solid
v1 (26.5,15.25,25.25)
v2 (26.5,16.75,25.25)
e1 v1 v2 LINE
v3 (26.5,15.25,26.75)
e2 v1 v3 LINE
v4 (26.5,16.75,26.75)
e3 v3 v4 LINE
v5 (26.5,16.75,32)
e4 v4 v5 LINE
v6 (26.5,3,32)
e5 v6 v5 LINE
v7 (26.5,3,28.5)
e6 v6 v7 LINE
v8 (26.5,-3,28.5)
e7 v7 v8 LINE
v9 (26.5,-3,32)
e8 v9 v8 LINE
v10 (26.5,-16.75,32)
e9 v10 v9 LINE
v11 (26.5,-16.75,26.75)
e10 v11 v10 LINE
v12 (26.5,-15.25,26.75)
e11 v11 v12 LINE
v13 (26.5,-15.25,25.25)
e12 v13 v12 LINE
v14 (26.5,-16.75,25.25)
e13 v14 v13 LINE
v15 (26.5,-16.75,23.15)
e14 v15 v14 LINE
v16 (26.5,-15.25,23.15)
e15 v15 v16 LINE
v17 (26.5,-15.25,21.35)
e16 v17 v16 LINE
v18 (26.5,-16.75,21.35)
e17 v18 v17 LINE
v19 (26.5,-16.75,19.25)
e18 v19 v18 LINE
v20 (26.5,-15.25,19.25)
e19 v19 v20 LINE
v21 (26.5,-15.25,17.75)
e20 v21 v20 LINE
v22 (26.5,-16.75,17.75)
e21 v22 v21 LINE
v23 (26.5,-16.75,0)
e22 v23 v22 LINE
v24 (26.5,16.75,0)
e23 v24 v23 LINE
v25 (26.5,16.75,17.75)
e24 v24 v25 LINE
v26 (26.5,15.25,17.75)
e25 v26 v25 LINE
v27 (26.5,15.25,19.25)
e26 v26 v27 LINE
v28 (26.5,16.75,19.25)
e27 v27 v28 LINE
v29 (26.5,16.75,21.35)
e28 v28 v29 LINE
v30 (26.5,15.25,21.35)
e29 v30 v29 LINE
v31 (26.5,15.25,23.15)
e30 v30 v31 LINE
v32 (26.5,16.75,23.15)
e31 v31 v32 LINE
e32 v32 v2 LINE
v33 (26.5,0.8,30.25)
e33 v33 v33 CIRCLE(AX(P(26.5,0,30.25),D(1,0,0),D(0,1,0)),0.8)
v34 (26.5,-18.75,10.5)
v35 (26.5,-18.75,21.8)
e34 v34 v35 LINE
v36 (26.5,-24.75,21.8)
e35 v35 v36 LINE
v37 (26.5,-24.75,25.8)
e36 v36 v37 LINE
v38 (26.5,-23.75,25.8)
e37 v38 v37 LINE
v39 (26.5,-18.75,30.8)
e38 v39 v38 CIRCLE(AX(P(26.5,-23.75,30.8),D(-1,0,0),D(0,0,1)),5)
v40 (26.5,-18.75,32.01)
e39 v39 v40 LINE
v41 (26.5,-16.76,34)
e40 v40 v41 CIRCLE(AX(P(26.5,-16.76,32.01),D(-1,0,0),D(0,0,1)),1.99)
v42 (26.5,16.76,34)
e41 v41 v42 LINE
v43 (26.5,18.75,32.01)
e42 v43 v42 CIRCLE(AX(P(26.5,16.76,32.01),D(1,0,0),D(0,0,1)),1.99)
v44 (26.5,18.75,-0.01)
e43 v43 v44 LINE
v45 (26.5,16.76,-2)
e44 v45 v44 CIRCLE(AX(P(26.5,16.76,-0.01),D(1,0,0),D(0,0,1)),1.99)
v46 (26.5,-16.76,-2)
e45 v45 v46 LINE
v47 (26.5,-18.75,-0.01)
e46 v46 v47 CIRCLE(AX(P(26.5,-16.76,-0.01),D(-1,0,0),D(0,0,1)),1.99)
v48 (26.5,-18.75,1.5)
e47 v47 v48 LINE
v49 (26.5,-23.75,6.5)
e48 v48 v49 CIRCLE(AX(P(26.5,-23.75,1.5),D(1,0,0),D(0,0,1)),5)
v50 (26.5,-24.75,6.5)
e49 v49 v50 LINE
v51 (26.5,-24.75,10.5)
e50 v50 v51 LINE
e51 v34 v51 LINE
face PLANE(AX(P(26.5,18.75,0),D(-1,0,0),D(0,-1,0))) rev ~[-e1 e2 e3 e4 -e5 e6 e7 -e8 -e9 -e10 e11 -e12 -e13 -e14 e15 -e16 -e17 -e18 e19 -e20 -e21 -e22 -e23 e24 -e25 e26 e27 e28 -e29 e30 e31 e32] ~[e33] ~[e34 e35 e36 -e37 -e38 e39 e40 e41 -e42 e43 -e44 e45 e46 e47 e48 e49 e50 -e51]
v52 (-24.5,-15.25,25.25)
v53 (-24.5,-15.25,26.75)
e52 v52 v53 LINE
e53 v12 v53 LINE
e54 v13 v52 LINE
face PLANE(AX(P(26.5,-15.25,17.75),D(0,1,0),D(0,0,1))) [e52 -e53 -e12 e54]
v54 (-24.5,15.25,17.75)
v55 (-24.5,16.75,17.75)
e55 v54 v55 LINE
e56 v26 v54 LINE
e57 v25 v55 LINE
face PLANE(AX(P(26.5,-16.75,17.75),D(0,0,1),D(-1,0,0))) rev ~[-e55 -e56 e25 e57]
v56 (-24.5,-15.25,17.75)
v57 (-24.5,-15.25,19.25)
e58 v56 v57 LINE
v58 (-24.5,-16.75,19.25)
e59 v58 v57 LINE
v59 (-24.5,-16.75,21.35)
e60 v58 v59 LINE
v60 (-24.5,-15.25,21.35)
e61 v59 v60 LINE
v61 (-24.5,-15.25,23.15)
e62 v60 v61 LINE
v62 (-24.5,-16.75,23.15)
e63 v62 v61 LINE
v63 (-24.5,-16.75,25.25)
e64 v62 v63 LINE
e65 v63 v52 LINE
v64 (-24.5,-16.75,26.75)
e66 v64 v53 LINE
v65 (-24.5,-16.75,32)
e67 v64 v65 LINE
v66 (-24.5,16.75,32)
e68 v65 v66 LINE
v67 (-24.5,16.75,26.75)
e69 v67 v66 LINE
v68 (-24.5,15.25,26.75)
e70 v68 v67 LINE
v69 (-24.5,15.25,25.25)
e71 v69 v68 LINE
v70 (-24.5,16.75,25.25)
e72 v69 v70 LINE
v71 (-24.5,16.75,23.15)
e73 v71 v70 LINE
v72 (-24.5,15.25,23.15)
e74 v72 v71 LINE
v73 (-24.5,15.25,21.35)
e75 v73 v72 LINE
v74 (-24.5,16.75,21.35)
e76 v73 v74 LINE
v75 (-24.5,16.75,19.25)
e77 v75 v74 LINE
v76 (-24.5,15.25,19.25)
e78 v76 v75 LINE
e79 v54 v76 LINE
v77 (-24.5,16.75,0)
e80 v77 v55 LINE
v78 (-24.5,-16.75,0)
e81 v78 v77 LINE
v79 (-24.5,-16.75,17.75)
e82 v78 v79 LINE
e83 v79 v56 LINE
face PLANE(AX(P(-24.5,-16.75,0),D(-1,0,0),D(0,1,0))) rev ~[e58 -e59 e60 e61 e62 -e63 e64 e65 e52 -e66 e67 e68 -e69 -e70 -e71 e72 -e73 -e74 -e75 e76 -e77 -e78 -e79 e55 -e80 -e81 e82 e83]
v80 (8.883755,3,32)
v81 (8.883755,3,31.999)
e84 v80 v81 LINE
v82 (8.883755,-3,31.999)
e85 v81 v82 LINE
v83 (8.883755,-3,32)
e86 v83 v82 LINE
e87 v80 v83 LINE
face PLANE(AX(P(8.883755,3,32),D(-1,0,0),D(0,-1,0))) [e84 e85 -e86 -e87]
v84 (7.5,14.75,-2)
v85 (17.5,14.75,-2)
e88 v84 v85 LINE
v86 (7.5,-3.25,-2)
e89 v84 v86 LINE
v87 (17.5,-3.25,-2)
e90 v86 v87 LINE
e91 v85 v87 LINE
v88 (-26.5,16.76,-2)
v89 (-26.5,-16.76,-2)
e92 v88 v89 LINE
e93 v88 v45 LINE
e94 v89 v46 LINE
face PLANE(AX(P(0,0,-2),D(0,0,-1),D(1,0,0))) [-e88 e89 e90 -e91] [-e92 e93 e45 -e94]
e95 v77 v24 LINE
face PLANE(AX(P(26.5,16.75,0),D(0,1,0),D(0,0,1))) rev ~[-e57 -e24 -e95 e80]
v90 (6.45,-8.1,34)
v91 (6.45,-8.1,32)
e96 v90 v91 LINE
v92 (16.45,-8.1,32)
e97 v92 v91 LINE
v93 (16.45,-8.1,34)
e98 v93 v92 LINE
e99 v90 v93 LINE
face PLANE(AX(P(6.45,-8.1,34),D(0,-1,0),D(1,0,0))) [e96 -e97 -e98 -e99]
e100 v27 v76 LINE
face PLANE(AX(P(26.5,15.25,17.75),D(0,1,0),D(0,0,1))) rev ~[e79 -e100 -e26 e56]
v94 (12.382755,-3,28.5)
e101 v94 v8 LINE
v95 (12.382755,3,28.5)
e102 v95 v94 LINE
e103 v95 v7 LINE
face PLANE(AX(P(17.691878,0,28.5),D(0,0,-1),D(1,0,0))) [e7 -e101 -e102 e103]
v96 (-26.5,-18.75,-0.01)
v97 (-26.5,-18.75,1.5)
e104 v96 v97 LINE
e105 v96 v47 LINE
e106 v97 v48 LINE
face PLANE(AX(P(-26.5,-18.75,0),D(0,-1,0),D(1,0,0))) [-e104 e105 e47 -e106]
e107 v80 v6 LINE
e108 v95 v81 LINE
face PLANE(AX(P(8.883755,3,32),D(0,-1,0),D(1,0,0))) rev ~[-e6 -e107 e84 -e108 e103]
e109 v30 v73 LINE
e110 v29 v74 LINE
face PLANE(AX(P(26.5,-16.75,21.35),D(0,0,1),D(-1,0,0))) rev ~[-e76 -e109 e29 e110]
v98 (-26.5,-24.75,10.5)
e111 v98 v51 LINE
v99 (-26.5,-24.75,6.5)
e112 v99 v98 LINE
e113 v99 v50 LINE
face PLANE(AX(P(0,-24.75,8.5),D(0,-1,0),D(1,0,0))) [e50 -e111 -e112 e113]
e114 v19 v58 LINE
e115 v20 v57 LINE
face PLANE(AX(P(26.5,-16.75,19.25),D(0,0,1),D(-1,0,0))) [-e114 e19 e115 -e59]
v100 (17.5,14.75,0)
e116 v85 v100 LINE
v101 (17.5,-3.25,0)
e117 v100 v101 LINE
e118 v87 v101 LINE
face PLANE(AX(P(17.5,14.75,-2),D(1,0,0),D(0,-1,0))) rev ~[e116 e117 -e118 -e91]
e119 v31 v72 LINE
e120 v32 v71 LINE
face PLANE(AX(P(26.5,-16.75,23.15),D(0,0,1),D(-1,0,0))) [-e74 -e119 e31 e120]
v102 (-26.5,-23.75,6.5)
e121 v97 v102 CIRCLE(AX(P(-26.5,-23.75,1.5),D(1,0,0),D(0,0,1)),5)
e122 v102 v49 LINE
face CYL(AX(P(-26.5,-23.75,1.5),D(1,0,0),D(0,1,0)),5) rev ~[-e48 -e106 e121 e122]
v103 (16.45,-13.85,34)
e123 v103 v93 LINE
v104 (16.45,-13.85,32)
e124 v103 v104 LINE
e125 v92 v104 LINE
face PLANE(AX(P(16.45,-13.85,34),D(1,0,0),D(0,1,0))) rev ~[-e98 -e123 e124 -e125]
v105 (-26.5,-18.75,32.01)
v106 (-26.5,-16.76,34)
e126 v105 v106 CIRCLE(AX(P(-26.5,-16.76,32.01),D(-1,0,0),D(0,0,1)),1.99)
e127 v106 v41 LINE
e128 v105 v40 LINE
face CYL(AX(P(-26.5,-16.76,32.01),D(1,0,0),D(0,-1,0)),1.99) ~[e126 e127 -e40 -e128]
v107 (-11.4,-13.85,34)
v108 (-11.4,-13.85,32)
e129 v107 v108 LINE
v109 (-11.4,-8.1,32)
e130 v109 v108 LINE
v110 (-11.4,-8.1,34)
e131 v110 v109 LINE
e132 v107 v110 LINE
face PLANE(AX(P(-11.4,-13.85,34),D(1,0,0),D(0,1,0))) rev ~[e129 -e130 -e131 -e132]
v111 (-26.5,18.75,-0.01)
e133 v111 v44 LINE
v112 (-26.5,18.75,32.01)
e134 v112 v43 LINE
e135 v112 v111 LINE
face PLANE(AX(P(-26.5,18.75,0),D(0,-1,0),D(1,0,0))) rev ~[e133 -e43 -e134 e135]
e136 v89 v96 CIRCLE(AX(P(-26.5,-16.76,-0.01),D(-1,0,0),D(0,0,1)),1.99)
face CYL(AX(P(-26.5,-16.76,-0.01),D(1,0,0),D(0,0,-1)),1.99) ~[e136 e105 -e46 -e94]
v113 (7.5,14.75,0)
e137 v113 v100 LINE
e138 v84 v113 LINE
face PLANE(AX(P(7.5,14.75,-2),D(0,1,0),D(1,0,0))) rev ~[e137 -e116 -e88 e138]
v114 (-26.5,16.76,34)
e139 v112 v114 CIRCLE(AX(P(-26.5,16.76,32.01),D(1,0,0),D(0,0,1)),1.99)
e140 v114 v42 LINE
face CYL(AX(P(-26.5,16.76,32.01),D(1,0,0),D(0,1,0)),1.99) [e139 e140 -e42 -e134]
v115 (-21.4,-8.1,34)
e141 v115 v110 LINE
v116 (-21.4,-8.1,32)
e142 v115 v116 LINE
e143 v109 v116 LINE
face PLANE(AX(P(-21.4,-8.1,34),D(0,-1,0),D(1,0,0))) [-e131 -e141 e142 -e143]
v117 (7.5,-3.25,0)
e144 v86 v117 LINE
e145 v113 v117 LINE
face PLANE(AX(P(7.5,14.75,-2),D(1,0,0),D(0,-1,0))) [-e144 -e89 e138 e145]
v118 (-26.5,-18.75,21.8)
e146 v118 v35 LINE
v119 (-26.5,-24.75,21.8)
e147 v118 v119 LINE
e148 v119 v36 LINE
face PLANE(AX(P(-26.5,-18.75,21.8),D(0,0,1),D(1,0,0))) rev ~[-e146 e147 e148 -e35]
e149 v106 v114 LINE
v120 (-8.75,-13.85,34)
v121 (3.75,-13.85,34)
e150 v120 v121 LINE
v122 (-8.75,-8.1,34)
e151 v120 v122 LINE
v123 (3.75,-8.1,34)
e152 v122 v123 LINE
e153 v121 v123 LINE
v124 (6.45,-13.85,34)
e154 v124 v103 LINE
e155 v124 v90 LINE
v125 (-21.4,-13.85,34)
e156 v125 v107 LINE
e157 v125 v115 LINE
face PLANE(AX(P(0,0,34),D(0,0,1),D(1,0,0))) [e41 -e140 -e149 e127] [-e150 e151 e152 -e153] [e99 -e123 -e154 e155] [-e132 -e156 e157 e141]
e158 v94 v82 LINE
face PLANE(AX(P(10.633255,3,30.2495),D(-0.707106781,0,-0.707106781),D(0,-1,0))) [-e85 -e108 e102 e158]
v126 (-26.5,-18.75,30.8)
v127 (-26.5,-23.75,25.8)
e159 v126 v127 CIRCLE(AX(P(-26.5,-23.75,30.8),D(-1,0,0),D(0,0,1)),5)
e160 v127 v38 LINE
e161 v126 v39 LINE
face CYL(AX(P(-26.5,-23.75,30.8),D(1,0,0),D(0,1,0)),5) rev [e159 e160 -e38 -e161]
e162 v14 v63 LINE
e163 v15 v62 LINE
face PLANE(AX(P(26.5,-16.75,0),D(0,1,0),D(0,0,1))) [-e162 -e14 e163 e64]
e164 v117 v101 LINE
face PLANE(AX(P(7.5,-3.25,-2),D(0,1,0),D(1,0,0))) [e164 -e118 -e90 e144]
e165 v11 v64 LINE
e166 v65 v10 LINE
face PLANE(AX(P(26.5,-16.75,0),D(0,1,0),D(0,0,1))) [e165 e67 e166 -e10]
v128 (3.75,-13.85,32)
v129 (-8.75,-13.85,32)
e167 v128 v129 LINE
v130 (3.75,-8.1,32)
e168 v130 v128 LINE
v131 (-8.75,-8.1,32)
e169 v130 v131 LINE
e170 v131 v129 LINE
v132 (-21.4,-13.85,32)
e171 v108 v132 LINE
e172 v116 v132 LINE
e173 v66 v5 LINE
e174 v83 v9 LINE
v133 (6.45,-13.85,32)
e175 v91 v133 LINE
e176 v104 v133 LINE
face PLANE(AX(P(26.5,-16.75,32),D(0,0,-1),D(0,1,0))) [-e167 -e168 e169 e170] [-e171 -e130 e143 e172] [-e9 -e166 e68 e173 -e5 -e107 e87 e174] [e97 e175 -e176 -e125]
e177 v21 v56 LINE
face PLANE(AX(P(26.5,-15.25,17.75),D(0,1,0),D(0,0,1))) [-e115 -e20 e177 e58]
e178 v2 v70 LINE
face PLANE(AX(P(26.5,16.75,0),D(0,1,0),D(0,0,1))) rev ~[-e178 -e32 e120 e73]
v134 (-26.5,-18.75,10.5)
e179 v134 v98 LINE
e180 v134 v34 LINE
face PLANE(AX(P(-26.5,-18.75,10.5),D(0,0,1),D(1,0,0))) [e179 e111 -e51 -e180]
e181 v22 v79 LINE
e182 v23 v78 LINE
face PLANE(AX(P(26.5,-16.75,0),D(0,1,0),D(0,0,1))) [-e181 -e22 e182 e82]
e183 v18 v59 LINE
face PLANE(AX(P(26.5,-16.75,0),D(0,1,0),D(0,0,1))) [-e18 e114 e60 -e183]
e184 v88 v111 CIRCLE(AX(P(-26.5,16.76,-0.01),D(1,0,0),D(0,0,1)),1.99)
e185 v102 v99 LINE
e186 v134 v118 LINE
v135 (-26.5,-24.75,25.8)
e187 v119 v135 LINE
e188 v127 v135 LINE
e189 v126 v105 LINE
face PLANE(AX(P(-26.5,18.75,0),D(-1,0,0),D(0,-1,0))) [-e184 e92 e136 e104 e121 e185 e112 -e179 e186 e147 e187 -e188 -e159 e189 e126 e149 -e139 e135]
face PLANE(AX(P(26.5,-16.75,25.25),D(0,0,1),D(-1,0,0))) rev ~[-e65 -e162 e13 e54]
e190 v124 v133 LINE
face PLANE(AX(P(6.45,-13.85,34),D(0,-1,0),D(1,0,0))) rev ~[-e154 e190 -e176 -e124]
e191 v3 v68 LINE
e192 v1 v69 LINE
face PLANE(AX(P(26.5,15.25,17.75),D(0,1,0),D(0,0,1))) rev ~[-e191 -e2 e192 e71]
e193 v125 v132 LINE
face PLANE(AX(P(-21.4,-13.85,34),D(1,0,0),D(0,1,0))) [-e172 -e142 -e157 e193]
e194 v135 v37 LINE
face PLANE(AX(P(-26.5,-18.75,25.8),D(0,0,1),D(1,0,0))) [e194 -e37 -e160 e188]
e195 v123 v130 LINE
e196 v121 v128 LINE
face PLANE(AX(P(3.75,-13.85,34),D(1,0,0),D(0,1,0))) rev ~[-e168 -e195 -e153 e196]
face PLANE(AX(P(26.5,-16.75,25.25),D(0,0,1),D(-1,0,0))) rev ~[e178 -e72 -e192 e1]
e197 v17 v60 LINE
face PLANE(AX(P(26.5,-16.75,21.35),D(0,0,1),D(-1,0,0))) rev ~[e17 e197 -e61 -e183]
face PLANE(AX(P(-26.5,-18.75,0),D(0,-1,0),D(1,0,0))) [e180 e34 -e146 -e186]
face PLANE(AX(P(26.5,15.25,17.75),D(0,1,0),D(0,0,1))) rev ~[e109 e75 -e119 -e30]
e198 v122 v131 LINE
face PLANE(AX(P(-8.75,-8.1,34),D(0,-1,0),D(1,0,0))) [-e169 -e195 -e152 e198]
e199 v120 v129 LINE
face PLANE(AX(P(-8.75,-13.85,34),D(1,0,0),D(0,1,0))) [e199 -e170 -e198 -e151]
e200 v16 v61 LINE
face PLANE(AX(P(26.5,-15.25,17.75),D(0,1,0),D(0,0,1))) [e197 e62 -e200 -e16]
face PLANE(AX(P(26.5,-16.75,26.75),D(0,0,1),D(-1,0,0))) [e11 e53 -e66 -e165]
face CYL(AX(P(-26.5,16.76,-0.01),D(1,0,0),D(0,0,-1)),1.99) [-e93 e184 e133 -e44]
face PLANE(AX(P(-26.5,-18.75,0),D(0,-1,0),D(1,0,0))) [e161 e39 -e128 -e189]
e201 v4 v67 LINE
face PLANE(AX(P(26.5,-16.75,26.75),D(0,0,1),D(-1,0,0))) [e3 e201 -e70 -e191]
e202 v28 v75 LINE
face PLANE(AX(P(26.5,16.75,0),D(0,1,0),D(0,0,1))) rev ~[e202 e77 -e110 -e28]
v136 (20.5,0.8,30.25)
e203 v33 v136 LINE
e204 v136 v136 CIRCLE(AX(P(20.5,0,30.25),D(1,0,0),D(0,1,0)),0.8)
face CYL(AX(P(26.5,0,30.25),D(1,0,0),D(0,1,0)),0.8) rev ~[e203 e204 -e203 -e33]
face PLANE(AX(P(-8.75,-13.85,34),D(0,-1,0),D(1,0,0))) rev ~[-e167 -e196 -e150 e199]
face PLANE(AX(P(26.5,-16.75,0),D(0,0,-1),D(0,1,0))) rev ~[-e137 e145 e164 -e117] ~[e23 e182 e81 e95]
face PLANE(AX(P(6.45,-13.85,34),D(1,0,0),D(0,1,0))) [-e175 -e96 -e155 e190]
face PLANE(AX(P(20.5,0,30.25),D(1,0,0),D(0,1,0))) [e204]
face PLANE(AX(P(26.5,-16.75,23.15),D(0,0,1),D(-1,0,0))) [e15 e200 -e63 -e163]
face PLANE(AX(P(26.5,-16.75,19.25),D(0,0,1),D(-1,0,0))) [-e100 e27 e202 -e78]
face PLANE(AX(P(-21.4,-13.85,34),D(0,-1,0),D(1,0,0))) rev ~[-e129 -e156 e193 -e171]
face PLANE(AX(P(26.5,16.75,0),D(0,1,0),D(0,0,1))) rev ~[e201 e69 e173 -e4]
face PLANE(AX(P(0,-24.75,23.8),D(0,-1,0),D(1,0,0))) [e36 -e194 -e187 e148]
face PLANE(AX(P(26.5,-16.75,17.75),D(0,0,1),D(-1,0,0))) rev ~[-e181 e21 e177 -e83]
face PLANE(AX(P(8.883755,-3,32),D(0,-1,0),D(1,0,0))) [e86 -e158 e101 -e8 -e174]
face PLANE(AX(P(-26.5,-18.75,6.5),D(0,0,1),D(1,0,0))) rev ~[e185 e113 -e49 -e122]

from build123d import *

# Parameters (mm, degrees)
SKETCH_W        = 53
SKETCH_H        = 37.5
SKETCH_W_2      = 49
SKETCH_H_2      = 33.5
PAD_DEPTH       = 32
SKETCH001_W     = 53
SKETCH001_H     = 37.5
PAD001_DEPTH    = 2
SKETCH002_W     = 53
SKETCH002_H     = 37.5
PAD002_DEPTH    = 2
SKETCH003_W     = 33.5
SKETCH003_H     = 32
POCKET_DEPTH    = 2
SKETCH004_W     = 10
SKETCH004_H     = 5.75
SKETCH004_W_2   = 12.5
SKETCH004_W_3   = 9.9999999999
POCKET001_DEPTH = 5
SKETCH005_W     = 51
SKETCH005_H     = 1.8
SKETCH005_H_2   = 1.5
PAD003_DEPTH    = 33.5
SKETCH006_W     = 30.5
SKETCH006_H     = 9
POCKET002_DEPTH = 51
SKETCH007_W     = 17.616245
SKETCH007_H     = 6
PAD004_DEPTH    = 5
SKETCH008_R     = 0.8
POCKET003_DEPTH = 5
SKETCH009_W     = 17.616245
SKETCH009_H     = 6
PAD005_DEPTH    = 3.5
SKETCH010_R     = 0.8
POCKET004_DEPTH = 6
CHAMFER_SIZE    = 3.499
CHAMFER001_SIZE = 4.99
FILLET_R        = 1.99
SKETCH012_W     = 53
SKETCH012_H     = 4
PAD006_DEPTH    = 6
FILLET001_R     = 5
SKETCH013_W     = 6
SKETCH013_H     = 5
POCKET005_DEPTH = 20
SKETCH014_W     = 10
SKETCH014_H     = 18
POCKET006_DEPTH = 5


with BuildPart() as part:
    # Sketch → Pad (new body)
    with BuildSketch(Plane.XY):
        Rectangle(SKETCH_W, SKETCH_H)
        Rectangle(SKETCH_W_2, SKETCH_H_2, mode=Mode.SUBTRACT)
    extrude(amount=PAD_DEPTH)

    # Sketch001 (on Face10 of Pad) → Pad001 (join)
    with BuildSketch(Plane.XY.offset(32)):
        Rectangle(SKETCH001_W, SKETCH001_H)
    extrude(amount=PAD001_DEPTH)

    # Sketch002 (on Face4 of Pad001) → Pad002 (join)
    with BuildSketch(Plane(origin=(0, 0, 0), x_dir=(1, 0, 0), z_dir=(0, 0, -1))):
        Rectangle(SKETCH002_W, SKETCH002_H)
    extrude(amount=PAD002_DEPTH)

    # Sketch003 (on Face3 of Pad002) → Pocket (cut)
    with BuildSketch(Plane.YZ.offset(26.5)):
        with Locations((0, 16)):
            Rectangle(SKETCH003_W, SKETCH003_H)
    extrude(amount=-POCKET_DEPTH, mode=Mode.SUBTRACT)

    # Sketch004 (on Face13 of Pocket) → Pocket001 (cut)
    with BuildSketch(Plane.XY.offset(34)):
        with Locations((-16.4, -10.975)):
            Rectangle(SKETCH004_W, SKETCH004_H)
        with Locations((-2.5, -10.975)):
            Rectangle(SKETCH004_W_2, SKETCH004_H)
        with Locations((11.45, -10.975)):
            Rectangle(SKETCH004_W_3, SKETCH004_H)
    extrude(amount=-POCKET001_DEPTH, mode=Mode.SUBTRACT)

    # Sketch005 (on Face36 of Pocket001) → Pad003 (join)
    with BuildSketch(Plane(origin=(0, -16.75, 0), x_dir=(-1, 0, 0), z_dir=(0, 1, 0))):
        with Locations((-1, 22.25)):
            Rectangle(SKETCH005_W, SKETCH005_H)
        with Locations((-1, 26)):
            Rectangle(SKETCH005_W, SKETCH005_H_2)
        with Locations((-1, 18.5)):
            Rectangle(SKETCH005_W, SKETCH005_H_2)
    extrude(amount=PAD003_DEPTH)

    # Sketch006 (on Face11 of Pad003) → Pocket002 (cut)
    with BuildSketch(Plane.YZ.offset(26.5)):
        with Locations((0, 22.25)):
            Rectangle(SKETCH006_W, SKETCH006_H)
    extrude(amount=-POCKET002_DEPTH, mode=Mode.SUBTRACT)

    # Sketch007 (on Face57 of Pocket002) → Pad004 (join)
    with BuildSketch(Plane.XY):
        with Locations((17.6918775, 0)):
            Rectangle(SKETCH007_W, SKETCH007_H)
    extrude(amount=PAD004_DEPTH)

    # Sketch008 (on Face24 of Pad004) → Pocket003 (cut)
    with BuildSketch(Plane.YZ.offset(26.5)):
        with Locations((0, 2.5)):
            Circle(SKETCH008_R)
    extrude(amount=-POCKET003_DEPTH, mode=Mode.SUBTRACT)

    # Sketch009 (on Face65 of Pocket003) → Pad005 (join)
    with BuildSketch(Plane(origin=(0, 0, 32), x_dir=(1, 0, 0), z_dir=(0, 0, -1))):
        with Locations((17.6918775, 0)):
            Rectangle(SKETCH009_W, SKETCH009_H)
    extrude(amount=PAD005_DEPTH)

    # Sketch010 (on Face41 of Pad005) → Pocket004 (cut)
    with BuildSketch(Plane.YZ.offset(26.5)):
        with Locations((0, 30.25)):
            Circle(SKETCH010_R)
    extrude(amount=-POCKET004_DEPTH, mode=Mode.SUBTRACT)

    # Chamfer
    chamfer_edges = [part.edges().sort_by_distance(p)[0] for p in [
        (8.883755, 0, 28.5),
    ]]
    chamfer(chamfer_edges, length=CHAMFER_SIZE)

    # Chamfer001
    chamfer001_edges = [part.edges().sort_by_distance(p)[0] for p in [
        (8.883755, 0, 5),
    ]]
    chamfer(chamfer001_edges, length=CHAMFER001_SIZE)

    # Fillet
    fillet_edges = [part.edges().sort_by_distance(p)[0] for p in [
        (0, -18.75, 34),
        (0, 18.75, 34),
        (0, 18.75, -2),
        (0, -18.75, -2),
    ]]
    fillet(fillet_edges, radius=FILLET_R)

    # Sketch012 → Pad006 (join)
    with BuildSketch(Plane.XZ.offset(18.75)):
        with Locations((0, 23.8)):
            Rectangle(SKETCH012_W, SKETCH012_H)
        with Locations((0, 8.5)):
            Rectangle(SKETCH012_W, SKETCH012_H)
    extrude(amount=PAD006_DEPTH)

    # Fillet001
    fillet001_edges = [part.edges().sort_by_distance(p)[0] for p in [
        (0, -18.75, 6.5),
        (0, -18.75, 25.8),
    ]]
    fillet(fillet001_edges, radius=FILLET001_R)

    # Sketch013 (on Face26 of Fillet001) → Pocket005 (cut)
    with BuildSketch(Plane.YZ.offset(26.5)):
        with Locations((0, 2.5)):
            Rectangle(SKETCH013_W, SKETCH013_H)
    extrude(amount=-POCKET005_DEPTH, mode=Mode.SUBTRACT)

    # Sketch014 (on Face23 of Pocket005) → Pocket006 (cut)
    with BuildSketch(Plane(origin=(0, 0, -2), x_dir=(1, 0, 0), z_dir=(0, 0, -1))):
        with Locations((12.5, -5.75)):
            Rectangle(SKETCH014_W, SKETCH014_H)
    extrude(amount=-POCKET006_DEPTH, mode=Mode.SUBTRACT)


solid = part.part
